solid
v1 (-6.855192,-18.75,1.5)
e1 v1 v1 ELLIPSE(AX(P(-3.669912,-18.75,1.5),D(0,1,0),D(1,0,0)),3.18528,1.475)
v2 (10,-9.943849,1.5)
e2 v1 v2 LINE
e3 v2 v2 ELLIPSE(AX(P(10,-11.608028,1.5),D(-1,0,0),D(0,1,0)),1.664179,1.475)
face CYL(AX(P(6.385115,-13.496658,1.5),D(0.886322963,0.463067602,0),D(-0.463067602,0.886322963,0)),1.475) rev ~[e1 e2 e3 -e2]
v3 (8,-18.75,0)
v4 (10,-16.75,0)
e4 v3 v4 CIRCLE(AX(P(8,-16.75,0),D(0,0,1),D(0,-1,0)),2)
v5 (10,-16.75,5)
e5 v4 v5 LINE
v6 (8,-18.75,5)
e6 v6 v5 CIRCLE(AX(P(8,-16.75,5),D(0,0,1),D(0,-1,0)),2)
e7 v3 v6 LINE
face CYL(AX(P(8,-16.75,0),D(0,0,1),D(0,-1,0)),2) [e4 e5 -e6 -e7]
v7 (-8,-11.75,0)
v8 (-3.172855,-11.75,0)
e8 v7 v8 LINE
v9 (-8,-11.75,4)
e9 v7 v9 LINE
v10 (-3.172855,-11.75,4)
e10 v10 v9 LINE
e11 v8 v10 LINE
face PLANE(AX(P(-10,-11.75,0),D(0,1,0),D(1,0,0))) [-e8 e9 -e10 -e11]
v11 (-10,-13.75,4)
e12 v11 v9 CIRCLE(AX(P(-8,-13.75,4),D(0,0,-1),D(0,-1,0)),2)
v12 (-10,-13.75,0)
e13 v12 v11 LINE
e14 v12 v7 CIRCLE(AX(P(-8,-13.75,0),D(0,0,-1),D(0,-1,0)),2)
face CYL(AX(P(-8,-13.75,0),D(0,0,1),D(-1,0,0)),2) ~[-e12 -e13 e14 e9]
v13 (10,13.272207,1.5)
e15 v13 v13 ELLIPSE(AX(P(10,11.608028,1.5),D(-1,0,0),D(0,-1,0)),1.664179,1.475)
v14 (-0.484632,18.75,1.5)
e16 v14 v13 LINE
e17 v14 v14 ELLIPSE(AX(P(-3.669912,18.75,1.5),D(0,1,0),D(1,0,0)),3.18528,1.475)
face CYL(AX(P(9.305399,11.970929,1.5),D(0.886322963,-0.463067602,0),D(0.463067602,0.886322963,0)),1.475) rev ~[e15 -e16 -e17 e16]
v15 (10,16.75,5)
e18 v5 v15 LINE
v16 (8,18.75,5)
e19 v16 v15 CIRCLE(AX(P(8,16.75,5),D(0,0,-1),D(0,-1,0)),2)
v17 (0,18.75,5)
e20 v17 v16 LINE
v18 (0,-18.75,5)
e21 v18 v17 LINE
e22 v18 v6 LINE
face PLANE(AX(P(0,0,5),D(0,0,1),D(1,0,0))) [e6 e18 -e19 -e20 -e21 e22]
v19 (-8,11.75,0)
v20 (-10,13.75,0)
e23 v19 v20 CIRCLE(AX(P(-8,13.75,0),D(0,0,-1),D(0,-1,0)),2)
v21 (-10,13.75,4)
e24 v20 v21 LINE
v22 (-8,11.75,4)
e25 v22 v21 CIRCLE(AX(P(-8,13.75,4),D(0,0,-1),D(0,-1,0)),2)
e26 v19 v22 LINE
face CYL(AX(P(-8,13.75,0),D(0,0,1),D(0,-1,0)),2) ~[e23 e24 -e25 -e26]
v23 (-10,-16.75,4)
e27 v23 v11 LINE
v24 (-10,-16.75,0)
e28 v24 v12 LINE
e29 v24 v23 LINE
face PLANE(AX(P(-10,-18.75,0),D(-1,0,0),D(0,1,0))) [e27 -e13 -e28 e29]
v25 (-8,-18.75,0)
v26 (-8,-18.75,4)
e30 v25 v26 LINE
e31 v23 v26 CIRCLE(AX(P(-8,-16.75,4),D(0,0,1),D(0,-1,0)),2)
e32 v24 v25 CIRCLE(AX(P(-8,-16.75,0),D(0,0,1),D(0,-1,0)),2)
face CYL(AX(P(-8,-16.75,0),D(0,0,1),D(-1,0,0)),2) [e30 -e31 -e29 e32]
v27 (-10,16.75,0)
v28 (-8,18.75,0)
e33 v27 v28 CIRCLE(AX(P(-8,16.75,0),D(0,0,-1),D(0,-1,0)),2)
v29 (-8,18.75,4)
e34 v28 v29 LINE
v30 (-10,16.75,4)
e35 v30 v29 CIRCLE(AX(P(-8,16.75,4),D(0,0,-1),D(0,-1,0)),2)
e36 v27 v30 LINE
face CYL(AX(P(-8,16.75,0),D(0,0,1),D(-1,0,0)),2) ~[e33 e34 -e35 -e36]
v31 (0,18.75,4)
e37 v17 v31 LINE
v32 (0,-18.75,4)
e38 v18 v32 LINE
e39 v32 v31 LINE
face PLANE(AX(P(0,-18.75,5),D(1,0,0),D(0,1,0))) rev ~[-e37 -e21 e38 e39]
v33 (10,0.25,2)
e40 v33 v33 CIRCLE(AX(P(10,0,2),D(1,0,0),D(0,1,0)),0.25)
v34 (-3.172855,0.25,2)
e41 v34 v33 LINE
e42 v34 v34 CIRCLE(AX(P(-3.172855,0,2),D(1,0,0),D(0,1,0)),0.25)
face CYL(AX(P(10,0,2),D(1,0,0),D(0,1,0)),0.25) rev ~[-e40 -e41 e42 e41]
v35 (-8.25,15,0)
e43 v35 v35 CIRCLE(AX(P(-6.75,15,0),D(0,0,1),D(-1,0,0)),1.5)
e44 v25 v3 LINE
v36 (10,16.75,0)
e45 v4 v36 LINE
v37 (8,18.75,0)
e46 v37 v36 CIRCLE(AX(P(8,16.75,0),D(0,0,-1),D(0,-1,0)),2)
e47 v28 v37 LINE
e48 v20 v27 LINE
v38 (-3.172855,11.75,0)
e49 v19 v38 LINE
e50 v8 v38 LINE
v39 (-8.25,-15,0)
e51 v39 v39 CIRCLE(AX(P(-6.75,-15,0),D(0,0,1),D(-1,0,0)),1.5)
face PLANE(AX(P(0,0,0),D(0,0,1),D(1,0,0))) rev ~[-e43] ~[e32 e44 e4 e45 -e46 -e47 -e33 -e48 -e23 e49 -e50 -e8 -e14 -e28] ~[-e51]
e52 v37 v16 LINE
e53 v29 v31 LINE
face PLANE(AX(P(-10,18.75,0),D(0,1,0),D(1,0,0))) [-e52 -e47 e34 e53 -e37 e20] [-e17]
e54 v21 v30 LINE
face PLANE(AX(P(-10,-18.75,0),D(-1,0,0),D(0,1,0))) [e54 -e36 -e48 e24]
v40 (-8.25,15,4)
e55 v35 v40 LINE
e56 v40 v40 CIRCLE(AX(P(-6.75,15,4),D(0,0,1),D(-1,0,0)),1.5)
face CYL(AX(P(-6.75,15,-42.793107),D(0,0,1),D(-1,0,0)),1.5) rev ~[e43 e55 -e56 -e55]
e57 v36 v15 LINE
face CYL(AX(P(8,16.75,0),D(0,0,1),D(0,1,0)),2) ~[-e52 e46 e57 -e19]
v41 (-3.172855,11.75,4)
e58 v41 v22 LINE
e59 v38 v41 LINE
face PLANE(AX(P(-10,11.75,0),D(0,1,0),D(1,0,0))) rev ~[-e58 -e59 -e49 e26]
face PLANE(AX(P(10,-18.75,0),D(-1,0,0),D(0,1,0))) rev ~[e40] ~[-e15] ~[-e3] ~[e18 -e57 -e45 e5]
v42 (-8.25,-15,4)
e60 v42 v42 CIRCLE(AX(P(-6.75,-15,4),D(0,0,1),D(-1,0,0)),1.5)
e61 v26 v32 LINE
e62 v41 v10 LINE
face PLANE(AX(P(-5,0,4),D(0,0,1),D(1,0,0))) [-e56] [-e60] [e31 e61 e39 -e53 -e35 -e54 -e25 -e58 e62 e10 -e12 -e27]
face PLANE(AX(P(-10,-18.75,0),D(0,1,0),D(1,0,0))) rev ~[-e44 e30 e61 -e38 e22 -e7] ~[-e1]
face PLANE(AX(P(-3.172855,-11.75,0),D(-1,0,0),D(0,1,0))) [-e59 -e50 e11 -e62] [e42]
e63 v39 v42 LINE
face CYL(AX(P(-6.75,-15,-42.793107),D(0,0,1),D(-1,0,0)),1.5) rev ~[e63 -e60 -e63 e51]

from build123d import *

# Parameters (mm, degrees)
F0_W      = 20
F0_H      = 37.5
F1_DEPTH  = 5
F2_W      = 10
F2_H      = 37.5
F3_DEPTH  = 1
F5_D      = 3
F6_W      = 6.8271449069
F6_H      = 23.5
F7_DEPTH  = 6
F8_R      = 2
F12_R     = 1.475
F13_DEPTH = 26
F16_R     = 1.475
F17_DEPTH = 27.5
F19_R     = 0.25
F20_DEPTH = 27.5


with BuildPart() as f1:
    # F0 (on Top) → F1 (new body)
    with BuildSketch(Plane.XY):
        Rectangle(F0_W, F0_H)
    extrude(amount=F1_DEPTH)

    # F2 (on face) → F3 (cut)
    with BuildSketch(Plane.XY.offset(5)):
        with Locations((-5, 0)):
            Rectangle(F2_W, F2_H)
    extrude(amount=-F3_DEPTH, mode=Mode.SUBTRACT)

    # F5 (through all)
    with Locations(Plane(origin=(0, 0, 0), x_dir=(1, 0, 0), z_dir=(0, 0, -1))):
        with Locations((-6.75, 15), (-6.75, -15)):
            Hole(F5_D / 2)

    # F6 (on Top) → F7 (cut)
    with BuildSketch(Plane.XY):
        with Locations((-6.5864275466, 0)):
            Rectangle(F6_W, F6_H)
    extrude(amount=F7_DEPTH, mode=Mode.SUBTRACT)

    # F8
    f8_edges = [f1.edges().sort_by_distance(p)[0] for p in [
        (-10, -18.75, 2),
        (10, -18.75, 2.5),
        (10, 18.75, 2.5),
        (-10, 18.75, 2),
        (-10, -11.75, 2),
        (-10, 11.75, 2),
    ]]
    fillet(f8_edges, radius=F8_R)

    # F12 (on line) → F13 (cut, symmetric)
    with BuildSketch(Plane(origin=(2.3968290702, -1.2522454416, 0), x_dir=(0.4630676024, 0.8863229635, 0), z_dir=(0.8863229635, -0.4630676024, 0))):
        with Locations((14.9191381368, 1.5)):
            Circle(F12_R)
    extrude(amount=F13_DEPTH, both=True, mode=Mode.SUBTRACT)

    # F16 (on line) → F17 (cut, symmetric)
    with BuildSketch(Plane(origin=(-0.5234543941, -0.2734835734, 0), x_dir=(-0.4630676024, 0.8863229635, 0), z_dir=(0.8863229635, 0.4630676024, 0))):
        with Locations((-14.9191381368, 1.5)):
            Circle(F16_R)
    extrude(amount=F17_DEPTH, both=True, mode=Mode.SUBTRACT)

    # F19 (on face) → F20 (cut, symmetric)
    with BuildSketch(Plane.YZ.offset(10)):
        with Locations((0, 2)):
            Circle(F19_R)
    extrude(amount=F20_DEPTH, both=True, mode=Mode.SUBTRACT)


solid = f1.part
